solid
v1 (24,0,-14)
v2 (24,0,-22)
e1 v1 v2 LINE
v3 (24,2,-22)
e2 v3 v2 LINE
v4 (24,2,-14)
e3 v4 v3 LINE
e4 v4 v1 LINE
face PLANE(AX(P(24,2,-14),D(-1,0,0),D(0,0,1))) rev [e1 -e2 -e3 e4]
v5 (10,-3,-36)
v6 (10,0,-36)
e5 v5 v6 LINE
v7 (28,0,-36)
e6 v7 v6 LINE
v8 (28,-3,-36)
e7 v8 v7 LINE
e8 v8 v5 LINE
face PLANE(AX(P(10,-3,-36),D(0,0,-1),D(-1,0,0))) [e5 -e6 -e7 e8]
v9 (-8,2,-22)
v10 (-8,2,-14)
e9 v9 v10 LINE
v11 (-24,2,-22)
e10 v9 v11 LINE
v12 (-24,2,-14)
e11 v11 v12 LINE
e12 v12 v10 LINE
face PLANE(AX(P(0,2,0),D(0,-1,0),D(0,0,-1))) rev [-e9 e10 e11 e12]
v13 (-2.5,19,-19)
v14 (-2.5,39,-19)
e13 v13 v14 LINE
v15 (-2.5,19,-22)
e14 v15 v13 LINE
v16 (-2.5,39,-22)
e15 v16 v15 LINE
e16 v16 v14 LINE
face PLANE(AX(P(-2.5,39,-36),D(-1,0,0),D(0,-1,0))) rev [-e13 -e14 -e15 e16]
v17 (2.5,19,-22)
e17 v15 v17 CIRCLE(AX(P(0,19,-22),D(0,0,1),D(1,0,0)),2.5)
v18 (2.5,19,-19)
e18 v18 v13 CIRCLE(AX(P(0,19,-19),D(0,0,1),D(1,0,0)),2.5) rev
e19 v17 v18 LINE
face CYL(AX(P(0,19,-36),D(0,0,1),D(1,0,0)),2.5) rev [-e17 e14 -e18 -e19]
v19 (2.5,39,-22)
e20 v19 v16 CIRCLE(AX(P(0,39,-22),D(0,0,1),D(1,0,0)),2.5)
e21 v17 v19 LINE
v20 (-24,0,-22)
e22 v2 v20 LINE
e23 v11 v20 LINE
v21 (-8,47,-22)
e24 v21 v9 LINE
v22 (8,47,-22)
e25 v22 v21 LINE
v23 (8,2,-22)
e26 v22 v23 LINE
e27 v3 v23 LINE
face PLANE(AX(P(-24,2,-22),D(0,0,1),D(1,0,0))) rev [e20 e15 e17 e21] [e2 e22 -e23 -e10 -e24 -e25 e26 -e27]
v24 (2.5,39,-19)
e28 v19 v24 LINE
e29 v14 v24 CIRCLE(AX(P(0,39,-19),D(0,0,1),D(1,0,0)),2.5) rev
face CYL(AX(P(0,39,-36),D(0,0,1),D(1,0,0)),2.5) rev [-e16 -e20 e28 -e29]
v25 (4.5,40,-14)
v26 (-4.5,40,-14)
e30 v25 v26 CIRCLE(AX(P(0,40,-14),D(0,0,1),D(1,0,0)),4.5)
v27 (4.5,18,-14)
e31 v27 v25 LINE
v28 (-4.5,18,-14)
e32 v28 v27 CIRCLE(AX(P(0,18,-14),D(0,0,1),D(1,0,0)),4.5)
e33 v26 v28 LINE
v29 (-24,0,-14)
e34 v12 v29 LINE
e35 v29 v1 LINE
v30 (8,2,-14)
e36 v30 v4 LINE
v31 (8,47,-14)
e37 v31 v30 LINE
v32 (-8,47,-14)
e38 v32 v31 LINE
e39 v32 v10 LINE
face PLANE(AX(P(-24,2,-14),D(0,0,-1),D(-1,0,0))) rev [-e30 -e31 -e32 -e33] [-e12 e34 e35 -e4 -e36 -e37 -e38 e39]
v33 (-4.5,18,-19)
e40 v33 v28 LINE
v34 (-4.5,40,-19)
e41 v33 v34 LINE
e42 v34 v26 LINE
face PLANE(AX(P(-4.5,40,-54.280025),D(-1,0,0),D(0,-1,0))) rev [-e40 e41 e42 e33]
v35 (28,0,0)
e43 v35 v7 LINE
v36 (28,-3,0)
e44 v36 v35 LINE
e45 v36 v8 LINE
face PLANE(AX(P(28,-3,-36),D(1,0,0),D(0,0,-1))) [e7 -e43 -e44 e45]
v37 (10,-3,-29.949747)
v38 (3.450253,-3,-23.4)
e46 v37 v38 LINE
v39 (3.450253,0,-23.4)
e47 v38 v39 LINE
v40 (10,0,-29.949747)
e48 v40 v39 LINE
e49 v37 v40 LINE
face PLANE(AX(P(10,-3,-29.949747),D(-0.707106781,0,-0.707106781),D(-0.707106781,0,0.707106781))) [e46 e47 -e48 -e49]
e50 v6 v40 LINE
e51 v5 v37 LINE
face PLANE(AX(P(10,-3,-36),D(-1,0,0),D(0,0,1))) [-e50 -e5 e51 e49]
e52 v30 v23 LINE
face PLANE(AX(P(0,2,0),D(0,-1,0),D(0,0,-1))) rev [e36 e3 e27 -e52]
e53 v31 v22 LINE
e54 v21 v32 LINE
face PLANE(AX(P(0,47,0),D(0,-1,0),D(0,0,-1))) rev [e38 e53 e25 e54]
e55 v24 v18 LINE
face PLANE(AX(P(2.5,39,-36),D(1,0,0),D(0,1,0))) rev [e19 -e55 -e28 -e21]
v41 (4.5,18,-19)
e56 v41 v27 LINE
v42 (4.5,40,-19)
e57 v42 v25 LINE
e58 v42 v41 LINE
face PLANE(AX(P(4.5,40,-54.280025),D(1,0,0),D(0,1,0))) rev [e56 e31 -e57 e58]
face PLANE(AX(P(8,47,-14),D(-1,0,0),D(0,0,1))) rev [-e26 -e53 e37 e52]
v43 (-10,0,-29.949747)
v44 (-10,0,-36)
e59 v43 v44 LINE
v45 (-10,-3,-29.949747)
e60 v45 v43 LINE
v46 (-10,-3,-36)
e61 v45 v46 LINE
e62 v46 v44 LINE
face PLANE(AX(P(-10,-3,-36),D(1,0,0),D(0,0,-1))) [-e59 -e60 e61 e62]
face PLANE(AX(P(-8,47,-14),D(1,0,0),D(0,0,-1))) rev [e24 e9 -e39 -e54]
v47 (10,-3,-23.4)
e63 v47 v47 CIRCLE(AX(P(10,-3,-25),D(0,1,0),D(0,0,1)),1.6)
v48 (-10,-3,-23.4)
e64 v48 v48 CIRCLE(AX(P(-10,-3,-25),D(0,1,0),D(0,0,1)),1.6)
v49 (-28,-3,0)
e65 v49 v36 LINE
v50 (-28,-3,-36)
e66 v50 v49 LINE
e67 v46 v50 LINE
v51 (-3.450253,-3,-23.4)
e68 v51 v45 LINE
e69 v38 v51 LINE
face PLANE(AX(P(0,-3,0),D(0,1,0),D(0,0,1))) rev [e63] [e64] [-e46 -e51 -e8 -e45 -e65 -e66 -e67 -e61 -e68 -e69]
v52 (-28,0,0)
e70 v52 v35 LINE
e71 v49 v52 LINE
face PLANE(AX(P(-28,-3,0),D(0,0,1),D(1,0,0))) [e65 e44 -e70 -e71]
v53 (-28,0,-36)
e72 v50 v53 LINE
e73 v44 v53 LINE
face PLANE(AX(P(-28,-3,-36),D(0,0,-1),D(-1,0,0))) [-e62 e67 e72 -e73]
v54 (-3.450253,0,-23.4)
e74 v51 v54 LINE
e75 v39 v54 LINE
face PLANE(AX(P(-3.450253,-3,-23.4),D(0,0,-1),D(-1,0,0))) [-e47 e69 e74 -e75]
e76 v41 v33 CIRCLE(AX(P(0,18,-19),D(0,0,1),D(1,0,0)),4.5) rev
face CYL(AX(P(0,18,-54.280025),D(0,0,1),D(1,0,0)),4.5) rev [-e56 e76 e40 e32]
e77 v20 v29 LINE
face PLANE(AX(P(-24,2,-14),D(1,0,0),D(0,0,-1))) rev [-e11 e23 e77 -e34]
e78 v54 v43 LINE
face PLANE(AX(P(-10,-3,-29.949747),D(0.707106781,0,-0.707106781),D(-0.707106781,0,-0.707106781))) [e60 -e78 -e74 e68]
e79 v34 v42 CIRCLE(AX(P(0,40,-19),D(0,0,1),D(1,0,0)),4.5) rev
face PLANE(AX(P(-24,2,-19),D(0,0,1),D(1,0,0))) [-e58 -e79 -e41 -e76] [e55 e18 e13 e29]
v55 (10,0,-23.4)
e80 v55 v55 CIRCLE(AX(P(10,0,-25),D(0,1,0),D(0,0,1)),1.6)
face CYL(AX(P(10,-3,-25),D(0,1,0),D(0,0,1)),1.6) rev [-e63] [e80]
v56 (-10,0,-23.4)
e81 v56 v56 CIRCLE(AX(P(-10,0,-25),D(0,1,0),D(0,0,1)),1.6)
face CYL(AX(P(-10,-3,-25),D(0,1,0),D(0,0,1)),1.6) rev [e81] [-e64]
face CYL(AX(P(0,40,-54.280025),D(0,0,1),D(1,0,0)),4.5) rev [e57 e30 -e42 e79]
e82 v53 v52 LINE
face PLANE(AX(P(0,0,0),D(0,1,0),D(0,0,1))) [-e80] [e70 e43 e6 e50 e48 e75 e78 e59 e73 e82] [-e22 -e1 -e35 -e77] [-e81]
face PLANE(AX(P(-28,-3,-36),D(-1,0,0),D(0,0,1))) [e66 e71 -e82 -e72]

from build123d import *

# Parameters (mm, degrees)
SKETCH_2_R          = 1.6
EXTRUDE_2_DEPTH     = 3
SKETCH_3_W          = 48
SKETCH_3_H          = 8
EXTRUDE_3_DEPTH     = 2
SKETCH_4_W          = 16
SKETCH_4_H          = 8
EXTRUDE_4_DEPTH     = 45
CUT_EXTRUDE_1_DEPTH = 59.966091951
CUT_EXTRUDE_2_DEPTH = 5


with BuildPart() as part:
    # 草图2 → 凸台-拉伸2 (new body)
    with BuildSketch(Plane(origin=(0, 0, 0), x_dir=(1, 0, 0), z_dir=(0, 1, 0))):
        Polygon((-28, 36), (-10, 36), (-10, 29.949747468), (-3.450252532, 23.4), (3.450252532, 23.4), (10, 29.949747468), (10, 36), (28, 36), (28, 0), (-28, 0), align=None)
        with Locations(Location((-10, 25, 0), (0, 0, 270))):
            Circle(SKETCH_2_R, mode=Mode.SUBTRACT)
        with Locations(Location((10, 25, 0), (0, 0, 270))):
            Circle(SKETCH_2_R, mode=Mode.SUBTRACT)
    extrude(amount=-EXTRUDE_2_DEPTH)

    # 草图3 → 凸台-拉伸3 (add)
    with BuildSketch(Plane(origin=(0, 0, 0), x_dir=(1, 0, 0), z_dir=(0, 1, 0))):
        with Locations((0, 18)):
            Rectangle(SKETCH_3_W, SKETCH_3_H)
    extrude(amount=EXTRUDE_3_DEPTH)

    # 草图4 → 凸台-拉伸4 (add)
    with BuildSketch(Plane(origin=(0, 2, 0), x_dir=(1, 0, 0), z_dir=(0, 1, 0))):
        with Locations((0, 18)):
            Rectangle(SKETCH_4_W, SKETCH_4_H)
    extrude(amount=EXTRUDE_4_DEPTH)

    # 草图5 → 切除-拉伸1 (cut, through all)
    with BuildSketch(Plane.XY.offset(-14)):
        with BuildLine():
            Line((2.5, 39), (2.5, 19))
            ThreePointArc((2.5, 19), (0, 16.5), (-2.5, 19))
            Line((-2.5, 19), (-2.5, 39))
            ThreePointArc((-2.5, 39), (0, 41.5), (2.5, 39))
        make_face()
    extrude(amount=-CUT_EXTRUDE_1_DEPTH, mode=Mode.SUBTRACT)

    # 草图6 → 切除-拉伸2 (cut)
    with BuildSketch(Plane.XY.offset(-14)):
        with BuildLine():
            Line((4.5, 40), (4.5, 18))
            ThreePointArc((4.5, 18), (0, 13.5), (-4.5, 18))
            Line((-4.5, 18), (-4.5, 40))
            ThreePointArc((-4.5, 40), (0, 44.5), (4.5, 40))
        make_face()
    extrude(amount=-CUT_EXTRUDE_2_DEPTH, mode=Mode.SUBTRACT)


solid = part.part
